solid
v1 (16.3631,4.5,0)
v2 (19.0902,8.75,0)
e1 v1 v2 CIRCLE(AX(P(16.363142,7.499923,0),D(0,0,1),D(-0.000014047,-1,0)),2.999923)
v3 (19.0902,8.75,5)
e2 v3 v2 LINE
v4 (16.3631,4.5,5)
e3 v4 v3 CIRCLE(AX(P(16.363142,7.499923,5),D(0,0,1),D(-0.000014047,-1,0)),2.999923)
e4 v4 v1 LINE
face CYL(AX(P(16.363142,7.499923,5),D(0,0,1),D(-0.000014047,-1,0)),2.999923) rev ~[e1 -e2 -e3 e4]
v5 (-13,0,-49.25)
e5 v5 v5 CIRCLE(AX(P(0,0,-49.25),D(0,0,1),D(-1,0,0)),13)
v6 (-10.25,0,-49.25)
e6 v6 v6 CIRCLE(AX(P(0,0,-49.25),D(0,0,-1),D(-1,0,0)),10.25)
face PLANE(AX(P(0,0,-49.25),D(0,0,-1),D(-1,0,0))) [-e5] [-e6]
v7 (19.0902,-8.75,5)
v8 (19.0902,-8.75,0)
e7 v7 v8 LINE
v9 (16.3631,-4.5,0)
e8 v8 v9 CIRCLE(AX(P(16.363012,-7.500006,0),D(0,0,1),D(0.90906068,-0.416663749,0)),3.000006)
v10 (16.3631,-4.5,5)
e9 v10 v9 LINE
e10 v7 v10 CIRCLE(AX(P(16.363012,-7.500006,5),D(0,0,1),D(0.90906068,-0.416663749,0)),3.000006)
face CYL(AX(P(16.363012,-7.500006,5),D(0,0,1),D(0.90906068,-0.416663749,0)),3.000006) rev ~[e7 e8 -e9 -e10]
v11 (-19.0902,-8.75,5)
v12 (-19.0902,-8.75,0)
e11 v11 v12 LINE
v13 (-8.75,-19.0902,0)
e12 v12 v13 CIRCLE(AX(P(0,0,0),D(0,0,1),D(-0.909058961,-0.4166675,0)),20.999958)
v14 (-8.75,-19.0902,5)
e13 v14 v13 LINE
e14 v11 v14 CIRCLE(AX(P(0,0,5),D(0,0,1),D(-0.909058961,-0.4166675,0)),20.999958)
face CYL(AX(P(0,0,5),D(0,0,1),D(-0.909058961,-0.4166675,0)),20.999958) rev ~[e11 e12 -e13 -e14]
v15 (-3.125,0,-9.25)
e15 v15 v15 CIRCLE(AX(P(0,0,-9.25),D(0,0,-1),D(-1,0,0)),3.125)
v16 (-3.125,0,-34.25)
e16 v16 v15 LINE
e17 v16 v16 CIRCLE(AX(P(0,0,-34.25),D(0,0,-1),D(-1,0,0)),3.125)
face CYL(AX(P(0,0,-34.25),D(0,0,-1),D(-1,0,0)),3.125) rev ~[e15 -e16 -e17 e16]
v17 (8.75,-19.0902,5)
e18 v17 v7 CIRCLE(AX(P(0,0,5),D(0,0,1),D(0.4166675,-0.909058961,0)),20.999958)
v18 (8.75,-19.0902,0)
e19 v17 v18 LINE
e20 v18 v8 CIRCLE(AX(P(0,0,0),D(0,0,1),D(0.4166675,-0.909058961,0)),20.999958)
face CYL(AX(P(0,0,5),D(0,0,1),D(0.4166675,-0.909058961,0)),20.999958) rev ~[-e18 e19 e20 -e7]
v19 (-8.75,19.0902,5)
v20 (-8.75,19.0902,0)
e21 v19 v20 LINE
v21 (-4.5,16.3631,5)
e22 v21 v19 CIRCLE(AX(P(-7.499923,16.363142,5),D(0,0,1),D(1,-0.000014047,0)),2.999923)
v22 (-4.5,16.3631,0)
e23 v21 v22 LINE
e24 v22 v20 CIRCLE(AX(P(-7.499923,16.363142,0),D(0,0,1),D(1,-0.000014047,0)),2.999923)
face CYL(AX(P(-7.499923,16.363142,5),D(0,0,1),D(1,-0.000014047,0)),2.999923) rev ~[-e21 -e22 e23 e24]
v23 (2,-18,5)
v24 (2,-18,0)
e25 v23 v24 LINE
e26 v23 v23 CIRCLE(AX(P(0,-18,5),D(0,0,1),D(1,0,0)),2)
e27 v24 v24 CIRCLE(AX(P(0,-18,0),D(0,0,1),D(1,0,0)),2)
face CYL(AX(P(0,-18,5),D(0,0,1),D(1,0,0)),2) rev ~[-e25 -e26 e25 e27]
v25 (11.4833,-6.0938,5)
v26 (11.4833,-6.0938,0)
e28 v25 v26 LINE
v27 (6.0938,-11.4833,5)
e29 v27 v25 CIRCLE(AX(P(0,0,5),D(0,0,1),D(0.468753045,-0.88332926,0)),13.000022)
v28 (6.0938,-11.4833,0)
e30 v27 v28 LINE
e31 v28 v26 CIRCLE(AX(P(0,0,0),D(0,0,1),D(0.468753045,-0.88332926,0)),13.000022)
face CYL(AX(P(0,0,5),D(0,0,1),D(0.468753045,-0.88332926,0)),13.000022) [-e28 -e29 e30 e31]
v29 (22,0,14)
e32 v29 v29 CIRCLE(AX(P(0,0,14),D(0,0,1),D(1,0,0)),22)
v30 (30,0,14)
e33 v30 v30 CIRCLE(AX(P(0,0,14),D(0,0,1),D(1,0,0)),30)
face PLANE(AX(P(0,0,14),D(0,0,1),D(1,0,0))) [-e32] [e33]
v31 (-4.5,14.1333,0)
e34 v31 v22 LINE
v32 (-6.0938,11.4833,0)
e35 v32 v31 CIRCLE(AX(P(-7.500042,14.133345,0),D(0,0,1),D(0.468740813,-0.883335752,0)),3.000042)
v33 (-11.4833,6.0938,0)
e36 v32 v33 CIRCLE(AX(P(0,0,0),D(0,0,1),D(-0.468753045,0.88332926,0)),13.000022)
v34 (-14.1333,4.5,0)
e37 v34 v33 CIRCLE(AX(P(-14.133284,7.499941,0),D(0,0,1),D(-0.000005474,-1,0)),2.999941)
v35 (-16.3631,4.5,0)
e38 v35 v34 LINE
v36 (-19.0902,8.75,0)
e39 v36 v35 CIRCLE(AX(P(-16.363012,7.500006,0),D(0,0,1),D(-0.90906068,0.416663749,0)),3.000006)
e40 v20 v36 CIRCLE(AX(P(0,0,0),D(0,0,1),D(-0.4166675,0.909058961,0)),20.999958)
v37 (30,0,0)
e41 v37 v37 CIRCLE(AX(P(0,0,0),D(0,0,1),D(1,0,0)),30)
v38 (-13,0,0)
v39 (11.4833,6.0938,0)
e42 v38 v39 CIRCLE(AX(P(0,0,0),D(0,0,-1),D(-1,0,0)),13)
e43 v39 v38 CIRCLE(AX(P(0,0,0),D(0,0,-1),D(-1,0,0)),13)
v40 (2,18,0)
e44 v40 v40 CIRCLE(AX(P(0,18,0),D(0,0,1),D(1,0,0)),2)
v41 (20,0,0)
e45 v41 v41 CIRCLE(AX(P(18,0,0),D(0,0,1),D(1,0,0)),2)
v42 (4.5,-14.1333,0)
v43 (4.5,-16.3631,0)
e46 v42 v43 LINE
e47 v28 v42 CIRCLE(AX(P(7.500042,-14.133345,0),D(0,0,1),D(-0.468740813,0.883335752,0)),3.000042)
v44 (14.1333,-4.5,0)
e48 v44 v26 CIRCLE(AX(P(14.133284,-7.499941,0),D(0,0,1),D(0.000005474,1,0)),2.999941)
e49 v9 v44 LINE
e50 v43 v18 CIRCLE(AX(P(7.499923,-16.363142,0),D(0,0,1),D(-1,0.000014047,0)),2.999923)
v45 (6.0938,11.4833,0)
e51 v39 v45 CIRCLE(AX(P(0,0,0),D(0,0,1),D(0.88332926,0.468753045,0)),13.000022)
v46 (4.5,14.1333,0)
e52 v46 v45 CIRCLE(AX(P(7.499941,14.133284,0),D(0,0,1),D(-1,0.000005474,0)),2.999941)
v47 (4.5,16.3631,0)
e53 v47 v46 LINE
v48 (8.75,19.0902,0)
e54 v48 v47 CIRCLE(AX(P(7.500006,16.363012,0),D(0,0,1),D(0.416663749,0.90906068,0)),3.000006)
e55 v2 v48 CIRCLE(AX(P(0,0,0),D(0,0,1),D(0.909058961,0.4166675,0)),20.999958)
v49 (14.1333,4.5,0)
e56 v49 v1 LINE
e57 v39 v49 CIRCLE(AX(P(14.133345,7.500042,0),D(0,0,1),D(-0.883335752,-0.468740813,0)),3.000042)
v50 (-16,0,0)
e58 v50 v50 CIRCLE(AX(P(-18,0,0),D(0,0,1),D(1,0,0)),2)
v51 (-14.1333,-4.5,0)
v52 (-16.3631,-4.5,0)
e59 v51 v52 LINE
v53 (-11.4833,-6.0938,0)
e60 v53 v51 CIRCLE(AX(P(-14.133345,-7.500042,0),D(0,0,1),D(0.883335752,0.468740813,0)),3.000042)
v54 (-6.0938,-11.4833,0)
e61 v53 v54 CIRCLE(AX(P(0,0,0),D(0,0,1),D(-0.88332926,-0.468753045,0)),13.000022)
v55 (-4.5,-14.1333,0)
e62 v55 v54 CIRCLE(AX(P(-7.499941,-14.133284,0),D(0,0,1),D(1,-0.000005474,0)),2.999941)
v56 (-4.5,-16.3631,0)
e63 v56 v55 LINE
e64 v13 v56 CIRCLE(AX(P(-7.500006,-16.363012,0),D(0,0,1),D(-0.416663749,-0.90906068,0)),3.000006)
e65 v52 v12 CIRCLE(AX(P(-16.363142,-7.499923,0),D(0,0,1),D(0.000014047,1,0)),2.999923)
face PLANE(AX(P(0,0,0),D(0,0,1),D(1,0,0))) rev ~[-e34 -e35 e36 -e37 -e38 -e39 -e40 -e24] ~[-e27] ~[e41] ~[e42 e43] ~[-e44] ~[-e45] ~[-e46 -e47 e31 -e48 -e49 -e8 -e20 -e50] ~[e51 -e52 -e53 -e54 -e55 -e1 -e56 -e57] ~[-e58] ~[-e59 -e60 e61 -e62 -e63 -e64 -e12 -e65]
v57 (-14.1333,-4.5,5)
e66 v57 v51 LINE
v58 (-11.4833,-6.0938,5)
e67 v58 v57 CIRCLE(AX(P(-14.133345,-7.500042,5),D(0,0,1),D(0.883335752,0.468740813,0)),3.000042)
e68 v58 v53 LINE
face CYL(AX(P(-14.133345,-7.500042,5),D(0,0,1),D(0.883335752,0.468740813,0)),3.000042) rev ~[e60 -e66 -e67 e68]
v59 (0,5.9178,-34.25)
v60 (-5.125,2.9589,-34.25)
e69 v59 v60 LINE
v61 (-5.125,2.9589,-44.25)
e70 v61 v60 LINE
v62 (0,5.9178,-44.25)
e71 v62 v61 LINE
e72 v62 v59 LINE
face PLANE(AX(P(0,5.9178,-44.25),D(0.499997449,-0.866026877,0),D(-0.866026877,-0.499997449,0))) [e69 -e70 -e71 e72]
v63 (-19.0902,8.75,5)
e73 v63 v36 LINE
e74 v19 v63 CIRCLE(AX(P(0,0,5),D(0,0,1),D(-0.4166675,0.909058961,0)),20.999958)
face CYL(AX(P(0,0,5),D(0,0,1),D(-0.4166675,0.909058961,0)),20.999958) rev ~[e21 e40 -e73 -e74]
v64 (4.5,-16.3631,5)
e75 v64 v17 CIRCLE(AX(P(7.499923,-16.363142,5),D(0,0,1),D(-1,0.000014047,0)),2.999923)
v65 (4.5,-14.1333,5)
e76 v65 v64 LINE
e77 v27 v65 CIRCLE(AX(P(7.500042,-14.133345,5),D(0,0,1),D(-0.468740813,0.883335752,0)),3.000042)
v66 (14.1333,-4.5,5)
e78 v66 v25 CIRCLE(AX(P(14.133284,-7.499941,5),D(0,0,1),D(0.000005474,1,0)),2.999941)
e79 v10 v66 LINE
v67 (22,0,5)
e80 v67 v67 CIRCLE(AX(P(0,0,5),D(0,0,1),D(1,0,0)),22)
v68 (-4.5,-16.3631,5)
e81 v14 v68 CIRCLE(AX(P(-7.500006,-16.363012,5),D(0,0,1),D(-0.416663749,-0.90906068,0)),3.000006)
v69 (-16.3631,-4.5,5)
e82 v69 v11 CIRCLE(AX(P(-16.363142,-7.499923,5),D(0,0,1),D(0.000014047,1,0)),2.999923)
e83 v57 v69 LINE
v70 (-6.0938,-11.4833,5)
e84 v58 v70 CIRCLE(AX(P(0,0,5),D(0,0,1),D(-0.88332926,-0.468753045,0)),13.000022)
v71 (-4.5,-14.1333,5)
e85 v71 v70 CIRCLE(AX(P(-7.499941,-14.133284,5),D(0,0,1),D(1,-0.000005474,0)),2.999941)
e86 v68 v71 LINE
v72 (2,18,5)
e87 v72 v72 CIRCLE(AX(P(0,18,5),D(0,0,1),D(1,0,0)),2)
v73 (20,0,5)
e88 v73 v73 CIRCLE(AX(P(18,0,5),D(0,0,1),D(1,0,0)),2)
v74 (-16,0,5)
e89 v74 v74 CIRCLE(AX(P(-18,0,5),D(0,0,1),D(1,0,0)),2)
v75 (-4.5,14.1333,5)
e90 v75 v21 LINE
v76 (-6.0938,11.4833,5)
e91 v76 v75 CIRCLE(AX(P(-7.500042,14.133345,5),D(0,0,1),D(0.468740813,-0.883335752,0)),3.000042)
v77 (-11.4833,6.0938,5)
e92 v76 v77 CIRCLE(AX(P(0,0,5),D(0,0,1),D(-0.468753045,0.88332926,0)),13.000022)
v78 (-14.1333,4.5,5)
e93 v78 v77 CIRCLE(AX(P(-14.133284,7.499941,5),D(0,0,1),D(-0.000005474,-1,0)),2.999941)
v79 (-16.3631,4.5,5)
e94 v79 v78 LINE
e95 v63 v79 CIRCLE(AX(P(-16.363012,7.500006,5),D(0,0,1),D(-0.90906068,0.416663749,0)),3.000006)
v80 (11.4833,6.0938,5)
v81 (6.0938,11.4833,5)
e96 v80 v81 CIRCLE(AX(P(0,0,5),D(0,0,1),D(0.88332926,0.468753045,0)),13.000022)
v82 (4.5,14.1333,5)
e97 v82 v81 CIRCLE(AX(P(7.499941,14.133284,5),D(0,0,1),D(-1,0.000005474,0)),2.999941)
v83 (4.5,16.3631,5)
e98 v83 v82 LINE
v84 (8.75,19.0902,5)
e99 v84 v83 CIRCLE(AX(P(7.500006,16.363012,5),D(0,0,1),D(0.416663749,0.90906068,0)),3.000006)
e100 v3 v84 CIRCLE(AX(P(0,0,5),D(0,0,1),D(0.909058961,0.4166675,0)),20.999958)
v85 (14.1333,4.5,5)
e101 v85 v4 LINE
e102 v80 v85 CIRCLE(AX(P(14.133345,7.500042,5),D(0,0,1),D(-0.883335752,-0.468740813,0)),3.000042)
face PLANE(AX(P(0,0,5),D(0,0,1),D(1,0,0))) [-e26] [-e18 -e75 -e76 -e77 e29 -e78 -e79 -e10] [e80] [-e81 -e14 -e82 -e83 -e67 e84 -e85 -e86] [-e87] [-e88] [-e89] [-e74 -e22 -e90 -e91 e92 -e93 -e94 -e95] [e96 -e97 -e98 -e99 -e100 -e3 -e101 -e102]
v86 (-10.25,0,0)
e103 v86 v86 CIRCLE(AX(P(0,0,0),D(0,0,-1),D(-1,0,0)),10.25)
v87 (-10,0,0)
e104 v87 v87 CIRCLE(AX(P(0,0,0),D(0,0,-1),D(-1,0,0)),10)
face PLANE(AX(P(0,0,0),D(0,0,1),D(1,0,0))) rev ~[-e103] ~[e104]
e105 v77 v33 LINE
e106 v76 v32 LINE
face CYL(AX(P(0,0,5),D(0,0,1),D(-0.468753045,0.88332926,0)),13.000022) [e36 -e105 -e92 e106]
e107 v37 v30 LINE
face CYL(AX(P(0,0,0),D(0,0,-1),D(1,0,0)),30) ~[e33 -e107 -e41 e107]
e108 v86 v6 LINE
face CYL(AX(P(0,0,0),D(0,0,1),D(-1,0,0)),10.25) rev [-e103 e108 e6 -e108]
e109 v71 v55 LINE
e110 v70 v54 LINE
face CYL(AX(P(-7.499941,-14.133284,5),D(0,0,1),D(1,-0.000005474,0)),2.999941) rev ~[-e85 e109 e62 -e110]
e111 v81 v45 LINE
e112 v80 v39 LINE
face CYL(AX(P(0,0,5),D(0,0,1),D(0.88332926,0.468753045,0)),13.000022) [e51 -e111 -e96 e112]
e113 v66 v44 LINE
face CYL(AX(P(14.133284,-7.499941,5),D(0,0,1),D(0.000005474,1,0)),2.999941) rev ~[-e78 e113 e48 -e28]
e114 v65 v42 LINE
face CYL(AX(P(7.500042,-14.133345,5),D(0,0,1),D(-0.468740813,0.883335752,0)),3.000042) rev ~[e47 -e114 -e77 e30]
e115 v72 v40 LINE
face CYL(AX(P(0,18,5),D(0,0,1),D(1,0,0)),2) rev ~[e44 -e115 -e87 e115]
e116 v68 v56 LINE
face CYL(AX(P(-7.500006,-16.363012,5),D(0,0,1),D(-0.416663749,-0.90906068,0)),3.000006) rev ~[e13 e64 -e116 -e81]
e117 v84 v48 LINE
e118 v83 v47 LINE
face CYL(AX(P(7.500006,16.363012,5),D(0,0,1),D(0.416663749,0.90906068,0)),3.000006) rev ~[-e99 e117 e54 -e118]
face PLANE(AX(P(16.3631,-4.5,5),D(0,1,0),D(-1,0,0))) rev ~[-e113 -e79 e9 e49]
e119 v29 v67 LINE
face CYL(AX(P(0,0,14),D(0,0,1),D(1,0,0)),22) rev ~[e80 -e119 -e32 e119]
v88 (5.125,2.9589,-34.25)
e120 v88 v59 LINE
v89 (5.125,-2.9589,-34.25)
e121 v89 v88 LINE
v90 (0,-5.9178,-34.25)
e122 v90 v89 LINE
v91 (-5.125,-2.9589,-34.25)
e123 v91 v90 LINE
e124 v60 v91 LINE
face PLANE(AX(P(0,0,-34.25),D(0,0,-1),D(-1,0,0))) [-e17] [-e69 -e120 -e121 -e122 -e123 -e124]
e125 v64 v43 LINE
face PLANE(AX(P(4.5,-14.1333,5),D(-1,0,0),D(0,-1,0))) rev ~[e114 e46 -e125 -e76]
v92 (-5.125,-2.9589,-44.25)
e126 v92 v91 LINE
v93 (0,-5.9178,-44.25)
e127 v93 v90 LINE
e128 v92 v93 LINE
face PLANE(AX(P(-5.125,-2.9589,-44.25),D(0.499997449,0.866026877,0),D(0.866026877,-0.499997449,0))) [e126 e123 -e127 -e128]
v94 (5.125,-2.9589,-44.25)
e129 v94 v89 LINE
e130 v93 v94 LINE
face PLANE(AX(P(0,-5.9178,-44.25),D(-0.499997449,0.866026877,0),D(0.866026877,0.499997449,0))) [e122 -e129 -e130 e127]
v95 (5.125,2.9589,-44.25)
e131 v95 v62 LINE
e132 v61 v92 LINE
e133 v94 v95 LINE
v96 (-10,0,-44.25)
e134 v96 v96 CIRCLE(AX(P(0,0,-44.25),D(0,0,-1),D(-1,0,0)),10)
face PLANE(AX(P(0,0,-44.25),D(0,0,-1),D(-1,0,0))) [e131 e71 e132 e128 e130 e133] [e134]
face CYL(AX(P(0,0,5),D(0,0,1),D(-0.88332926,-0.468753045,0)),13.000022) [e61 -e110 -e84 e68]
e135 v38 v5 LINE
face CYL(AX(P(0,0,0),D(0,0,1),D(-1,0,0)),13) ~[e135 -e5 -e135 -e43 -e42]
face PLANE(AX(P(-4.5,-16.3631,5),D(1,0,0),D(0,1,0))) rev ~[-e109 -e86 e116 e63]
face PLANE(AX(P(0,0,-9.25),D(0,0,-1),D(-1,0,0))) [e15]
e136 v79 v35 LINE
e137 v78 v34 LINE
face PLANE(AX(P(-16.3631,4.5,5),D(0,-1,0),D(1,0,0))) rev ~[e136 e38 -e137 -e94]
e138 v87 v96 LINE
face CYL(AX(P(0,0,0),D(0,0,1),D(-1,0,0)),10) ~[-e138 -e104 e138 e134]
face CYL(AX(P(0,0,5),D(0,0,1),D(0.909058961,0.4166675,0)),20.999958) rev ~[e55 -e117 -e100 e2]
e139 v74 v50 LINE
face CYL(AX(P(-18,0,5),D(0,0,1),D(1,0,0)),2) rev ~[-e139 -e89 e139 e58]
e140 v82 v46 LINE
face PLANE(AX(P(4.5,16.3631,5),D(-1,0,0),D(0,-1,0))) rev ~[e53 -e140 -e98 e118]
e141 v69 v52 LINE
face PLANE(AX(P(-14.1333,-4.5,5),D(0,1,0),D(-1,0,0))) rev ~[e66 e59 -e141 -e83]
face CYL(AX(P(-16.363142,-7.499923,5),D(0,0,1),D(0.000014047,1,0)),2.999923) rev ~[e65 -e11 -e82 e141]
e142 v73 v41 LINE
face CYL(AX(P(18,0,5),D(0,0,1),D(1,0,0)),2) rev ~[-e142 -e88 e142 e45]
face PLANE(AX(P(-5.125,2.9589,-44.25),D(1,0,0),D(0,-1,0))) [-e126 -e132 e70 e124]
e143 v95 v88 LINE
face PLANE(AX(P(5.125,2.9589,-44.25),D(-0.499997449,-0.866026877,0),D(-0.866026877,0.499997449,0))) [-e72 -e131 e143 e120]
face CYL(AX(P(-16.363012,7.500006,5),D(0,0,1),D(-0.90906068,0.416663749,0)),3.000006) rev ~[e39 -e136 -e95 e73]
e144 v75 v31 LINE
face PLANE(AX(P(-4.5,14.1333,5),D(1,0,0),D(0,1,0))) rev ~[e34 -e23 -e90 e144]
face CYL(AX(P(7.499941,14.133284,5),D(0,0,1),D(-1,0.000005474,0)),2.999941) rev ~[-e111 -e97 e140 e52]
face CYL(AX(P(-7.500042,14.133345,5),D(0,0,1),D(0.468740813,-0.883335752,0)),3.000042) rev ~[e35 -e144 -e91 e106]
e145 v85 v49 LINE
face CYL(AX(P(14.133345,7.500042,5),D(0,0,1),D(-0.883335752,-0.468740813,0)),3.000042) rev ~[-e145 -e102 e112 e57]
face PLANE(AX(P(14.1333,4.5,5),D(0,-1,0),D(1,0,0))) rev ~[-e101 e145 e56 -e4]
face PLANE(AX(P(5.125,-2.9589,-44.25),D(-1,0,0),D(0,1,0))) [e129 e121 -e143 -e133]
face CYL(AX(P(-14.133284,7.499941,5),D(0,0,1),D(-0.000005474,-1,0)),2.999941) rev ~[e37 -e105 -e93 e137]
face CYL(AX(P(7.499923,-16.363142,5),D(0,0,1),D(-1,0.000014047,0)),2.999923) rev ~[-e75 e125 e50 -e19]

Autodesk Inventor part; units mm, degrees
sketch "Sketch1" plane through (0, 0, 0) normal (0, 0, 1) x (1, 0, 0)
  circle A0 centre (0, 0) radius 30
  dimension "d0" = 60
extrude "Extrusion1" add sketch "Sketch1" along normal blind 14
sketch "Sketch2" plane through (0, 0, 14) normal (0, 0, 1) x (1, 0, 0)
  circle A0 centre (0, 0) radius 22
  dimension "d3" = 44
extrude "Extrusion2" cut sketch "Sketch2" against normal blind 9
sketch "Sketch3" plane through (0, 0, 5) normal (0, 0, 1) x (1, 0, 0)
  circle A0 centre (0, 18) radius 2
  circle A1 centre (-18, 0) radius 2
  circle A2 centre (0, -18) radius 2
  circle A3 centre (18, 0) radius 2
  point P0 (0, 0)
  dimension "d6" = 4
  dimension "d7" = 18
  dimension "d10" = 360
extrude "Extrusion3" cut sketch "Sketch3" against normal blind 12.75
sketch "Sketch4" plane through (0, 0, 5) normal (0, 0, 1) x (1, 0, 0)
  arc A0 (-4.5165, 17.448) -> (-8.8542, 19.2414) centre (-7.5165, 16.3345) ccw
  arc A1 (-8.8542, 19.2414) -> (-19.0977, 9.16) centre (0, 0) ccw
  arc A2 (-14.1333, 4.5) -> (-11.4833, 6.0938) centre (-14.1333, 7.5) ccw
  line L0 (-4.5, 14.1333) -> (-4.5, 16.3631)
  arc A3 (-4.5, 16.3631) -> (-8.75, 19.0902) centre (-7.5, 16.3631) ccw
  arc A4 (-6.0938, 11.4833) -> (-4.5, 14.1333) centre (-7.5, 14.1333) ccw
  arc A5 (-6.0938, 11.4833) -> (-11.4833, 6.0938) centre (0, 0) ccw
  arc A6 (-8.8542, 19.2414) -> (-19.2547, 8.8254) centre (0, 0) ccw
  arc A7 (-8.75, 19.0902) -> (-19.0902, 8.75) centre (0, 0) ccw
  arc A8 (-19.0902, 8.75) -> (-16.3631, 4.5) centre (-16.3631, 7.5) ccw
  line L1 (-16.3631, 4.5) -> (-14.1333, 4.5)
  arc A9 (-11.4833, -6.0938) -> (-14.1333, -4.5) centre (-14.1333, -7.5) ccw
  arc A10 (-4.5, -14.1333) -> (-6.0938, -11.4833) centre (-7.5, -14.1333) ccw
  arc A11 (-11.4833, -6.0938) -> (-6.0938, -11.4833) centre (0, 0) ccw
  line L2 (-14.1333, -4.5) -> (-16.3631, -4.5)
  line L3 (-4.5, -16.3631) -> (-4.5, -14.1333)
  arc A12 (-16.3631, -4.5) -> (-19.0902, -8.75) centre (-16.3631, -7.5) ccw
  arc A13 (-17.448, -4.5165) -> (-19.2414, -8.8542) centre (-16.3345, -7.5165) ccw
  arc A14 (-8.75, -19.0902) -> (-4.5, -16.3631) centre (-7.5, -16.3631) ccw
  arc A15 (-19.0902, -8.75) -> (-8.75, -19.0902) centre (0, 0) ccw
  arc A16 (-19.2414, -8.8542) -> (-9.16, -19.0977) centre (0, 0) ccw
  arc A17 (-19.2414, -8.8542) -> (-8.8254, -19.2547) centre (0, 0) ccw
  arc A18 (6.0938, -11.4833) -> (4.5, -14.1333) centre (7.5, -14.1333) ccw
  arc A19 (14.1333, -4.5) -> (11.4833, -6.0938) centre (14.1333, -7.5) ccw
  arc A20 (6.0938, -11.4833) -> (11.4833, -6.0938) centre (0, 0) ccw
  line L4 (4.5, -14.1333) -> (4.5, -16.3631)
  line L5 (16.3631, -4.5) -> (14.1333, -4.5)
  arc A21 (4.5, -16.3631) -> (8.75, -19.0902) centre (7.5, -16.3631) ccw
  arc A22 (4.5165, -17.448) -> (8.8542, -19.2414) centre (7.5165, -16.3345) ccw
  arc A23 (19.0902, -8.75) -> (16.3631, -4.5) centre (16.3631, -7.5) ccw
  arc A24 (8.75, -19.0902) -> (19.0902, -8.75) centre (0, 0) ccw
  arc A25 (8.8542, -19.2414) -> (19.0977, -9.16) centre (0, 0) ccw
  arc A26 (8.8542, -19.2414) -> (19.2547, -8.8254) centre (0, 0) ccw
  arc A27 (11.4833, 6.0938) -> (14.1333, 4.5) centre (14.1333, 7.5) ccw
  arc A28 (4.5, 14.1333) -> (6.0938, 11.4833) centre (7.5, 14.1333) ccw
  arc A29 (11.4833, 6.0938) -> (6.0938, 11.4833) centre (0, 0) ccw
  line L6 (14.1333, 4.5) -> (16.3631, 4.5)
  line L7 (4.5, 16.3631) -> (4.5, 14.1333)
  arc A30 (16.3631, 4.5) -> (19.0902, 8.75) centre (16.3631, 7.5) ccw
  arc A31 (17.448, 4.5165) -> (19.2414, 8.8542) centre (16.3345, 7.5165) ccw
  arc A32 (8.75, 19.0902) -> (4.5, 16.3631) centre (7.5, 16.3631) ccw
  arc A33 (19.0902, 8.75) -> (8.75, 19.0902) centre (0, 0) ccw
  arc A34 (19.2414, 8.8542) -> (9.16, 19.0977) centre (0, 0) ccw
  arc A35 (19.2414, 8.8542) -> (8.8254, 19.2547) centre (0, 0) ccw
  point P0 (41.0732, 32.7294)
  point P1 (-17.4931, 4.4714)
  point P2 (-16.3796, 7.4714)
  point P3 (-7.4714, -16.3796)
  point P4 (-4.4714, -17.4931)
  point P5 (16.3796, -7.4714)
  point P6 (17.4931, -4.4714)
  point P7 (7.4714, 16.3796)
  point P8 (4.4714, 17.4931)
  dimension "d0" = 60
  dimension "d16" = 360
extrude "Extrusion4" cut sketch "Sketch4" against normal blind 12.75
ref_plane "Work Plane1" through (40.7, 0, 0) normal (1, 0, 0) x (0, 1, 0)
sketch "Sketch7" plane through (0, 0, 0) normal (0, 0, -1) x (-1, 0, 0)
  circle A0 centre (0, 0) radius 10
  circle A1 centre (0, 0) radius 5
  circle A2 centre (0, 0) radius 13
  arc A3 (-14.1333, 4.5) -> (-11.4833, 6.0938) centre (-14.1333, 7.5) ccw projected
  circle A4 centre (0, 0) radius 10.25
  point P0 (0, 0)
  dimension "d32" = 0.25
extrude "Extrusion6" add sketch "Sketch7" along normal blind 49.25 contours A2
extrude "Extrusion7" add sketch "Sketch7" along normal blind 44.25 contours A0 | A1
sketch "Sketch8" plane through (0, 0, -44.25) normal (0, 0, -1) x (-1, 0, 0)
  line L0 (0, 5.9178) -> (5.125, 2.9589)
  line L1 (5.125, 2.9589) -> (5.125, -2.9589)
  line L2 (5.125, -2.9589) -> (0, -5.9178)
  line L3 (0, -5.9178) -> (-5.125, -2.9589)
  line L4 (-5.125, -2.9589) -> (-5.125, 2.9589)
  line L5 (-5.125, 2.9589) -> (0, 5.9178)
  point P0 (0, 0)
  point P1 (0, 0)
  dimension "d44" = 10.25
extrude "Extrusion8" cut sketch "Sketch8" against normal blind 10
sketch "Sketch9" plane through (0, 0, -34.25) normal (0, 0, -1) x (-1, 0, 0)
  circle A0 centre (0, 0) radius 3.125
  dimension "d41" = 6.25
extrude "Extrusion9" cut sketch "Sketch9" against normal blind 25
sketch "Sketch10" plane through (0, 0, -44.25) normal (0, 0, -1) x (-1, 0, 0)
  point P0 (0, 0)
properties part number "MotorHousingV2" material "Plastic, Opaque White"
